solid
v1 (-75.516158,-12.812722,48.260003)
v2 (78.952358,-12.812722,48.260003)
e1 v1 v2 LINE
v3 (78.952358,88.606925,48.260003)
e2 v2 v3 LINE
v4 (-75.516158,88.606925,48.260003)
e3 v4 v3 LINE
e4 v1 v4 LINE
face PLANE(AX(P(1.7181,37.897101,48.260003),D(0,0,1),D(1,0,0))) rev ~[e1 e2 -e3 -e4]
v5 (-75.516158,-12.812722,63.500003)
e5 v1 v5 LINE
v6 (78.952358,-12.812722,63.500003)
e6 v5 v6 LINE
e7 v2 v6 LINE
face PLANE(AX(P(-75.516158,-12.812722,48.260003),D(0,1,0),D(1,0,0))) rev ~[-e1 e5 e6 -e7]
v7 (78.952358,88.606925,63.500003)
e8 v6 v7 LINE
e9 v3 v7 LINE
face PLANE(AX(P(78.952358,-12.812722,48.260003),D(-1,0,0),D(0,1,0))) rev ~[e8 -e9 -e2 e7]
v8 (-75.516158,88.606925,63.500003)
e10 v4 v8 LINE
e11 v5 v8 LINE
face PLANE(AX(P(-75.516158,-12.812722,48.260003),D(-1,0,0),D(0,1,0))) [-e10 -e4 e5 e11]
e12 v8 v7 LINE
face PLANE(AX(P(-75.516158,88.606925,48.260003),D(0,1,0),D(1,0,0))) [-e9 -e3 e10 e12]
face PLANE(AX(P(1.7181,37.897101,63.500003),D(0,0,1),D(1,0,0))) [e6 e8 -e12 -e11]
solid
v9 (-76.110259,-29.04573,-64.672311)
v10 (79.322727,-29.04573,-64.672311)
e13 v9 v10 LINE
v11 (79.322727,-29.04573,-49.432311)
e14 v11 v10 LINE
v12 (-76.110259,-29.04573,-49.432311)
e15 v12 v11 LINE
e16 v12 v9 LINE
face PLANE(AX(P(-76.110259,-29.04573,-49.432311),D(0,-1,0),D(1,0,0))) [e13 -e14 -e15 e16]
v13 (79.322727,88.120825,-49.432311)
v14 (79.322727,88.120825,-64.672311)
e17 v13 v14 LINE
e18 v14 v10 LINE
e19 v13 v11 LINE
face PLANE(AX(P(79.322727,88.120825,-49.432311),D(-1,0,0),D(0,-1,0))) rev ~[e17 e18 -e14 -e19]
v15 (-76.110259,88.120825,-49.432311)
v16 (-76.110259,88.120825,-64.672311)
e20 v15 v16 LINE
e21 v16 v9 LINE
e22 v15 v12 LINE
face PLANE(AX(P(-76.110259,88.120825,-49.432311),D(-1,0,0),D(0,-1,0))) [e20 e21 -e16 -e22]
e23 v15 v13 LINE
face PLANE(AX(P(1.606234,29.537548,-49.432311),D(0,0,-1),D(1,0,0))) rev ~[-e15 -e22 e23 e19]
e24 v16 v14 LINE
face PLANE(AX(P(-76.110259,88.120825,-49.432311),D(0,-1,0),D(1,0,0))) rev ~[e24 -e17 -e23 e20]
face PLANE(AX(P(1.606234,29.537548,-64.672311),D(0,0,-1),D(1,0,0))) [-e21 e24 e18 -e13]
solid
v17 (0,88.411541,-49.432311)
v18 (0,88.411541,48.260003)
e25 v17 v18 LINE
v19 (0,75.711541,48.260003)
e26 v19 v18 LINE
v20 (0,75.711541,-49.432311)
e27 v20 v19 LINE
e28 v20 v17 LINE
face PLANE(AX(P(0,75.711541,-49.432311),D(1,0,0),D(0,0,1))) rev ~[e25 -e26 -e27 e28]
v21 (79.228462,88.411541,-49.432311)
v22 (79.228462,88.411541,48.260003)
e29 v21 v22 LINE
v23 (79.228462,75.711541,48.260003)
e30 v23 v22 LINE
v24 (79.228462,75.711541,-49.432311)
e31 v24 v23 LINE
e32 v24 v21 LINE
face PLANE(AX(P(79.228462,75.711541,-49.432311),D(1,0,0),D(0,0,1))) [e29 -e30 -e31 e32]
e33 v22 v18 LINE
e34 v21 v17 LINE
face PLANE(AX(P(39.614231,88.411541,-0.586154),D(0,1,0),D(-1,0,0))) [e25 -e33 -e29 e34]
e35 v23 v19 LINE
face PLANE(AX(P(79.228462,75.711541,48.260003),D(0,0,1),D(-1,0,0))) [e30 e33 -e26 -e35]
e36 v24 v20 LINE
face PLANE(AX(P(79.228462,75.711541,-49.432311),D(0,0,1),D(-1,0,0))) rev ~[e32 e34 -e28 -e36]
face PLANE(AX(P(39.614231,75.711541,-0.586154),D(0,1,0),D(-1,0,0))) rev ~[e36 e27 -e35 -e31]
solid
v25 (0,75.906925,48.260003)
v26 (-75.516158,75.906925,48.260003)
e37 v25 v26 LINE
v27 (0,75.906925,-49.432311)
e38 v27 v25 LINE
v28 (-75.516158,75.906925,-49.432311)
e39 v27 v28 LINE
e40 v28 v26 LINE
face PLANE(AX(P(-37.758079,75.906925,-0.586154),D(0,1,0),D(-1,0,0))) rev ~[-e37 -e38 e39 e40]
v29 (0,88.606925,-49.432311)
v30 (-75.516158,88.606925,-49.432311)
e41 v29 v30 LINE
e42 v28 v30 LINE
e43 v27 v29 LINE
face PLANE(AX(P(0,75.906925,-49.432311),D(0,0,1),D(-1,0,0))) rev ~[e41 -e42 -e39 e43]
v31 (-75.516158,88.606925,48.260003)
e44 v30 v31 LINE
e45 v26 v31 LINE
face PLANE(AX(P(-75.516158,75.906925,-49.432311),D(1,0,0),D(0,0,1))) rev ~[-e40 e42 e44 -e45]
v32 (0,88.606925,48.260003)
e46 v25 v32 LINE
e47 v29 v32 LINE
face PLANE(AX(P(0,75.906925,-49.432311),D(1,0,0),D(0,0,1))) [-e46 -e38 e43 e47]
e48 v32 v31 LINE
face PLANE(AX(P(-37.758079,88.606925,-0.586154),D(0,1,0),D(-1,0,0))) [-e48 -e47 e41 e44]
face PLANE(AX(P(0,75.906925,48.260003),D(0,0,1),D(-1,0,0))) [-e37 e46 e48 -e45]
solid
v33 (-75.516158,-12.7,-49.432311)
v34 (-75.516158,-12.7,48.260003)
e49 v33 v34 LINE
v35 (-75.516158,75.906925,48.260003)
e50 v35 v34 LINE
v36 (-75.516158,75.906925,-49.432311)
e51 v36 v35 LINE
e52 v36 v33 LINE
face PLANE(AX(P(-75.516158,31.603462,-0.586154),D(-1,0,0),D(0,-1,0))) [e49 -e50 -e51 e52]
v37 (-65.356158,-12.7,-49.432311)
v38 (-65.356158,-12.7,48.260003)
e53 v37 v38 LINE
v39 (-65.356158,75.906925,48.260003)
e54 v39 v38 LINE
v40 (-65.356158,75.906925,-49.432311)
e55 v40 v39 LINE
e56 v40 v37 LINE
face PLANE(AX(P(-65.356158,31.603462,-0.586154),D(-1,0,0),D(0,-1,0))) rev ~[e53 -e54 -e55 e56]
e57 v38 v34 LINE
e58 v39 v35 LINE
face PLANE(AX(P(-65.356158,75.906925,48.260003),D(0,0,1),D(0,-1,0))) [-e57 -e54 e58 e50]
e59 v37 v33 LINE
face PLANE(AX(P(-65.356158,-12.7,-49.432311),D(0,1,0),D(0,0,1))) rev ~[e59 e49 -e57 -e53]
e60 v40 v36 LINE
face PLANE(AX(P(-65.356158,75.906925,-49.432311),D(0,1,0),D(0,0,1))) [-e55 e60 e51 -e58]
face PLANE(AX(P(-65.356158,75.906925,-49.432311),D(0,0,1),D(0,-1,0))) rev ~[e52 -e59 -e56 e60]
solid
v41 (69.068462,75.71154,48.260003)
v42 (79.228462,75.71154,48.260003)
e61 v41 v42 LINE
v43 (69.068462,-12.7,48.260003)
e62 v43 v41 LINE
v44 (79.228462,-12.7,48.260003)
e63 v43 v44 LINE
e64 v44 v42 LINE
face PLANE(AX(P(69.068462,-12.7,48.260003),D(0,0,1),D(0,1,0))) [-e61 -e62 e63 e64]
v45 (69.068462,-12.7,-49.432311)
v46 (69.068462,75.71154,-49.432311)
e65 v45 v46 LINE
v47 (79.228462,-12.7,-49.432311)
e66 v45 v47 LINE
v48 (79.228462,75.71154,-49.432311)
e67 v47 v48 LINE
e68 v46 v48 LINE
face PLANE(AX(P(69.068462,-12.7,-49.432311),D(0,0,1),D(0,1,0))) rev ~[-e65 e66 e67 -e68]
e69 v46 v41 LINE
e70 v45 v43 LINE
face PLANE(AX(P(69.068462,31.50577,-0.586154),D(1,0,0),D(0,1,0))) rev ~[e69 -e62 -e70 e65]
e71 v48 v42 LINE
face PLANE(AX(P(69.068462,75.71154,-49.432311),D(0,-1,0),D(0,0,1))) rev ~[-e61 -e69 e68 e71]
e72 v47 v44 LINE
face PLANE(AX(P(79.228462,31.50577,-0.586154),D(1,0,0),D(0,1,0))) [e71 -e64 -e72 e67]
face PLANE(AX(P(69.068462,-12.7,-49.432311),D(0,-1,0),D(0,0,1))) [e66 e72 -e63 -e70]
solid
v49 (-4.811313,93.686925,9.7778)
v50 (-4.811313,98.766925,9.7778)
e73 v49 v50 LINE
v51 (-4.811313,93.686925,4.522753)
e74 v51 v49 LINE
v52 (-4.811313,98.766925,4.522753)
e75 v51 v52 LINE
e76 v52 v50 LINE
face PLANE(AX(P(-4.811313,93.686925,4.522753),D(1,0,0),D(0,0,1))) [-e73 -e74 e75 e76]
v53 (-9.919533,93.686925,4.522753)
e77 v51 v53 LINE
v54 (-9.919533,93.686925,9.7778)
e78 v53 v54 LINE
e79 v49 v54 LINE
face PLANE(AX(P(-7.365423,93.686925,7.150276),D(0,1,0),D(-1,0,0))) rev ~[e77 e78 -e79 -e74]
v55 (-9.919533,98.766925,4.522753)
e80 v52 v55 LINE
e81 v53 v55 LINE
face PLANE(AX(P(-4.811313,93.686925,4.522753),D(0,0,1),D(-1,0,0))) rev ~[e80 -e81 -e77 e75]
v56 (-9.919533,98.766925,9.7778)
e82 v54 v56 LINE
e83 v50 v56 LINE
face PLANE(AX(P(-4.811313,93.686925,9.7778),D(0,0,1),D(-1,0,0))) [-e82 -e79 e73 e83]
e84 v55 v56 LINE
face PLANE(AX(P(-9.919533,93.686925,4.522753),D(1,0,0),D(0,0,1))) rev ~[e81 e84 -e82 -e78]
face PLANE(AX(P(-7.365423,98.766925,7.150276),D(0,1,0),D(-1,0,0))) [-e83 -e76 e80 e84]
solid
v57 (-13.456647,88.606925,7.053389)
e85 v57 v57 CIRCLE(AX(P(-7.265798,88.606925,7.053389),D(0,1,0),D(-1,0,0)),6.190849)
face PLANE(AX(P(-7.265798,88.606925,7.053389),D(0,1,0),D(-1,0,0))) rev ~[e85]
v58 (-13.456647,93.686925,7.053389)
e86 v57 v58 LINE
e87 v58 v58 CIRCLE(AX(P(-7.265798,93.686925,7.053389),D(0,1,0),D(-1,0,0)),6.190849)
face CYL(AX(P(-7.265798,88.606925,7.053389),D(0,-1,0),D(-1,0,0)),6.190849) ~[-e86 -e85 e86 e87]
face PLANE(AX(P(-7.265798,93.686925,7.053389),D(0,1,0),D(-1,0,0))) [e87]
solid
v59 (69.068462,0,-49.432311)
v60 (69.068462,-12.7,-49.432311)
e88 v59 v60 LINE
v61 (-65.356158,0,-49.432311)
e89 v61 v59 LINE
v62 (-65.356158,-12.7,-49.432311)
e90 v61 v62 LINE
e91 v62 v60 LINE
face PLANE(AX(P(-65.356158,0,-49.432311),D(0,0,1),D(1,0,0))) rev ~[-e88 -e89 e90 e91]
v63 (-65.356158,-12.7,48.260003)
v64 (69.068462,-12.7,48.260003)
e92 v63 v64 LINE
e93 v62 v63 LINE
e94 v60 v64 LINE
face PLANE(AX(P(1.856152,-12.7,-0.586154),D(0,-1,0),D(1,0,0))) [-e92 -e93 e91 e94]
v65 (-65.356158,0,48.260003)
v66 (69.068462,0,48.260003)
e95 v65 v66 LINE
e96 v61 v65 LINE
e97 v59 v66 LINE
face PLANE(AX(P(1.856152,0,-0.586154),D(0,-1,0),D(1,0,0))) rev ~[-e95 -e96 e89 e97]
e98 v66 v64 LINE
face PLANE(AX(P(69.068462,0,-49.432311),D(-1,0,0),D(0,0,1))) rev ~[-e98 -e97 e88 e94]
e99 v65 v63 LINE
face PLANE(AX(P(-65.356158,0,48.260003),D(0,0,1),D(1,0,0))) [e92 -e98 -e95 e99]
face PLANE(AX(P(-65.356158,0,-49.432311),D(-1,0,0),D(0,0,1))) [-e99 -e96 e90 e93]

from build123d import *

# Parameters (mm, degrees)
F0_W      = 134.42462
F0_H      = 97.692314
F1_DEPTH  = 12.7
F2_W      = 88.411541
F2_H      = 97.692314
F3_DEPTH  = 10.16
F4_W      = 88.606925
F4_H      = 97.692314
F5_DEPTH  = 10.16
F6_W      = 79.228462
F6_H      = 97.692314
F7_DEPTH  = 12.7
F8_W      = 75.516158
F8_H      = 97.692314
F9_DEPTH  = 12.7
F10_W     = 154.468515
F10_H     = 101.419647
F11_DEPTH = 15.24
F13_W     = 155.432985
F13_H     = 117.166555
F14_DEPTH = 15.24
F15_R     = 6.190849
F16_DEPTH = 5.08
F17_W     = 5.108219
F17_H     = 5.255047
F18_DEPTH = 5.08


with BuildPart() as f1:
    # F0 (on Front) → F1 (new body)
    with BuildSketch(Plane.XZ):
        with Locations((1.856152, -0.586154)):
            Rectangle(F0_W, F0_H)
    extrude(amount=F1_DEPTH)


with BuildPart() as f3:
    # F2 (on face) → F3 (new body)
    with BuildSketch(Plane.YZ.offset(69.068462)):
        with Locations((31.50577, -0.586154)):
            Rectangle(F2_W, F2_H)
    extrude(amount=F3_DEPTH)


with BuildPart() as f5:
    # F4 (on face) → F5 (new body)
    with BuildSketch(Plane(origin=(-65.356158, 0, 0), x_dir=(0, -1, 0), z_dir=(-1, 0, 0))):
        with Locations((-31.603462, -0.586154)):
            Rectangle(F4_W, F4_H)
    extrude(amount=F5_DEPTH)


with BuildPart() as f7:
    # F6 (on face) → F7 (new body)
    with BuildSketch(Plane(origin=(0, 75.711541, 0), x_dir=(-1, 0, 0), z_dir=(0, 1, 0))):
        with Locations((-39.614231, -0.586154)):
            Rectangle(F6_W, F6_H)
    extrude(amount=F7_DEPTH)


with BuildPart() as f9:
    # F8 (on face) → F9 (new body)
    with BuildSketch(Plane(origin=(0, 75.906925, 0), x_dir=(-1, 0, 0), z_dir=(0, 1, 0))):
        with Locations((37.758079, -0.586154)):
            Rectangle(F8_W, F8_H)
    extrude(amount=F9_DEPTH)


with BuildPart() as f11:
    # F10 (on face) → F11 (new body)
    with BuildSketch(Plane.XY.offset(48.260003)):
        with Locations((1.7181, 37.897101)):
            Rectangle(F10_W, F10_H)
    extrude(amount=F11_DEPTH)


with BuildPart() as f14:
    # F13 (on face) → F14 (new body)
    with BuildSketch(Plane(origin=(0, 0, -49.432311), x_dir=(1, 0, 0), z_dir=(0, 0, -1))):
        with Locations((1.606234, -29.537548)):
            Rectangle(F13_W, F13_H)
    extrude(amount=F14_DEPTH)


with BuildPart() as f16:
    # F15 (on face) → F16 (new body)
    with BuildSketch(Plane(origin=(0, 88.606925, 0), x_dir=(-1, 0, 0), z_dir=(0, 1, 0))):
        with Locations((7.265798, 7.053389)):
            Circle(F15_R)
    extrude(amount=F16_DEPTH)


with BuildPart() as f18:
    # F17 (on face) → F18 (new body)
    with BuildSketch(Plane(origin=(0, 93.686925, 0), x_dir=(-1, 0, 0), z_dir=(0, 1, 0))):
        with Locations((7.365423, 7.150276)):
            Rectangle(F17_W, F17_H)
    extrude(amount=F18_DEPTH)


solid = Compound([f1.part, f3.part, f5.part, f7.part, f9.part, f11.part, f14.part, f16.part, f18.part])
